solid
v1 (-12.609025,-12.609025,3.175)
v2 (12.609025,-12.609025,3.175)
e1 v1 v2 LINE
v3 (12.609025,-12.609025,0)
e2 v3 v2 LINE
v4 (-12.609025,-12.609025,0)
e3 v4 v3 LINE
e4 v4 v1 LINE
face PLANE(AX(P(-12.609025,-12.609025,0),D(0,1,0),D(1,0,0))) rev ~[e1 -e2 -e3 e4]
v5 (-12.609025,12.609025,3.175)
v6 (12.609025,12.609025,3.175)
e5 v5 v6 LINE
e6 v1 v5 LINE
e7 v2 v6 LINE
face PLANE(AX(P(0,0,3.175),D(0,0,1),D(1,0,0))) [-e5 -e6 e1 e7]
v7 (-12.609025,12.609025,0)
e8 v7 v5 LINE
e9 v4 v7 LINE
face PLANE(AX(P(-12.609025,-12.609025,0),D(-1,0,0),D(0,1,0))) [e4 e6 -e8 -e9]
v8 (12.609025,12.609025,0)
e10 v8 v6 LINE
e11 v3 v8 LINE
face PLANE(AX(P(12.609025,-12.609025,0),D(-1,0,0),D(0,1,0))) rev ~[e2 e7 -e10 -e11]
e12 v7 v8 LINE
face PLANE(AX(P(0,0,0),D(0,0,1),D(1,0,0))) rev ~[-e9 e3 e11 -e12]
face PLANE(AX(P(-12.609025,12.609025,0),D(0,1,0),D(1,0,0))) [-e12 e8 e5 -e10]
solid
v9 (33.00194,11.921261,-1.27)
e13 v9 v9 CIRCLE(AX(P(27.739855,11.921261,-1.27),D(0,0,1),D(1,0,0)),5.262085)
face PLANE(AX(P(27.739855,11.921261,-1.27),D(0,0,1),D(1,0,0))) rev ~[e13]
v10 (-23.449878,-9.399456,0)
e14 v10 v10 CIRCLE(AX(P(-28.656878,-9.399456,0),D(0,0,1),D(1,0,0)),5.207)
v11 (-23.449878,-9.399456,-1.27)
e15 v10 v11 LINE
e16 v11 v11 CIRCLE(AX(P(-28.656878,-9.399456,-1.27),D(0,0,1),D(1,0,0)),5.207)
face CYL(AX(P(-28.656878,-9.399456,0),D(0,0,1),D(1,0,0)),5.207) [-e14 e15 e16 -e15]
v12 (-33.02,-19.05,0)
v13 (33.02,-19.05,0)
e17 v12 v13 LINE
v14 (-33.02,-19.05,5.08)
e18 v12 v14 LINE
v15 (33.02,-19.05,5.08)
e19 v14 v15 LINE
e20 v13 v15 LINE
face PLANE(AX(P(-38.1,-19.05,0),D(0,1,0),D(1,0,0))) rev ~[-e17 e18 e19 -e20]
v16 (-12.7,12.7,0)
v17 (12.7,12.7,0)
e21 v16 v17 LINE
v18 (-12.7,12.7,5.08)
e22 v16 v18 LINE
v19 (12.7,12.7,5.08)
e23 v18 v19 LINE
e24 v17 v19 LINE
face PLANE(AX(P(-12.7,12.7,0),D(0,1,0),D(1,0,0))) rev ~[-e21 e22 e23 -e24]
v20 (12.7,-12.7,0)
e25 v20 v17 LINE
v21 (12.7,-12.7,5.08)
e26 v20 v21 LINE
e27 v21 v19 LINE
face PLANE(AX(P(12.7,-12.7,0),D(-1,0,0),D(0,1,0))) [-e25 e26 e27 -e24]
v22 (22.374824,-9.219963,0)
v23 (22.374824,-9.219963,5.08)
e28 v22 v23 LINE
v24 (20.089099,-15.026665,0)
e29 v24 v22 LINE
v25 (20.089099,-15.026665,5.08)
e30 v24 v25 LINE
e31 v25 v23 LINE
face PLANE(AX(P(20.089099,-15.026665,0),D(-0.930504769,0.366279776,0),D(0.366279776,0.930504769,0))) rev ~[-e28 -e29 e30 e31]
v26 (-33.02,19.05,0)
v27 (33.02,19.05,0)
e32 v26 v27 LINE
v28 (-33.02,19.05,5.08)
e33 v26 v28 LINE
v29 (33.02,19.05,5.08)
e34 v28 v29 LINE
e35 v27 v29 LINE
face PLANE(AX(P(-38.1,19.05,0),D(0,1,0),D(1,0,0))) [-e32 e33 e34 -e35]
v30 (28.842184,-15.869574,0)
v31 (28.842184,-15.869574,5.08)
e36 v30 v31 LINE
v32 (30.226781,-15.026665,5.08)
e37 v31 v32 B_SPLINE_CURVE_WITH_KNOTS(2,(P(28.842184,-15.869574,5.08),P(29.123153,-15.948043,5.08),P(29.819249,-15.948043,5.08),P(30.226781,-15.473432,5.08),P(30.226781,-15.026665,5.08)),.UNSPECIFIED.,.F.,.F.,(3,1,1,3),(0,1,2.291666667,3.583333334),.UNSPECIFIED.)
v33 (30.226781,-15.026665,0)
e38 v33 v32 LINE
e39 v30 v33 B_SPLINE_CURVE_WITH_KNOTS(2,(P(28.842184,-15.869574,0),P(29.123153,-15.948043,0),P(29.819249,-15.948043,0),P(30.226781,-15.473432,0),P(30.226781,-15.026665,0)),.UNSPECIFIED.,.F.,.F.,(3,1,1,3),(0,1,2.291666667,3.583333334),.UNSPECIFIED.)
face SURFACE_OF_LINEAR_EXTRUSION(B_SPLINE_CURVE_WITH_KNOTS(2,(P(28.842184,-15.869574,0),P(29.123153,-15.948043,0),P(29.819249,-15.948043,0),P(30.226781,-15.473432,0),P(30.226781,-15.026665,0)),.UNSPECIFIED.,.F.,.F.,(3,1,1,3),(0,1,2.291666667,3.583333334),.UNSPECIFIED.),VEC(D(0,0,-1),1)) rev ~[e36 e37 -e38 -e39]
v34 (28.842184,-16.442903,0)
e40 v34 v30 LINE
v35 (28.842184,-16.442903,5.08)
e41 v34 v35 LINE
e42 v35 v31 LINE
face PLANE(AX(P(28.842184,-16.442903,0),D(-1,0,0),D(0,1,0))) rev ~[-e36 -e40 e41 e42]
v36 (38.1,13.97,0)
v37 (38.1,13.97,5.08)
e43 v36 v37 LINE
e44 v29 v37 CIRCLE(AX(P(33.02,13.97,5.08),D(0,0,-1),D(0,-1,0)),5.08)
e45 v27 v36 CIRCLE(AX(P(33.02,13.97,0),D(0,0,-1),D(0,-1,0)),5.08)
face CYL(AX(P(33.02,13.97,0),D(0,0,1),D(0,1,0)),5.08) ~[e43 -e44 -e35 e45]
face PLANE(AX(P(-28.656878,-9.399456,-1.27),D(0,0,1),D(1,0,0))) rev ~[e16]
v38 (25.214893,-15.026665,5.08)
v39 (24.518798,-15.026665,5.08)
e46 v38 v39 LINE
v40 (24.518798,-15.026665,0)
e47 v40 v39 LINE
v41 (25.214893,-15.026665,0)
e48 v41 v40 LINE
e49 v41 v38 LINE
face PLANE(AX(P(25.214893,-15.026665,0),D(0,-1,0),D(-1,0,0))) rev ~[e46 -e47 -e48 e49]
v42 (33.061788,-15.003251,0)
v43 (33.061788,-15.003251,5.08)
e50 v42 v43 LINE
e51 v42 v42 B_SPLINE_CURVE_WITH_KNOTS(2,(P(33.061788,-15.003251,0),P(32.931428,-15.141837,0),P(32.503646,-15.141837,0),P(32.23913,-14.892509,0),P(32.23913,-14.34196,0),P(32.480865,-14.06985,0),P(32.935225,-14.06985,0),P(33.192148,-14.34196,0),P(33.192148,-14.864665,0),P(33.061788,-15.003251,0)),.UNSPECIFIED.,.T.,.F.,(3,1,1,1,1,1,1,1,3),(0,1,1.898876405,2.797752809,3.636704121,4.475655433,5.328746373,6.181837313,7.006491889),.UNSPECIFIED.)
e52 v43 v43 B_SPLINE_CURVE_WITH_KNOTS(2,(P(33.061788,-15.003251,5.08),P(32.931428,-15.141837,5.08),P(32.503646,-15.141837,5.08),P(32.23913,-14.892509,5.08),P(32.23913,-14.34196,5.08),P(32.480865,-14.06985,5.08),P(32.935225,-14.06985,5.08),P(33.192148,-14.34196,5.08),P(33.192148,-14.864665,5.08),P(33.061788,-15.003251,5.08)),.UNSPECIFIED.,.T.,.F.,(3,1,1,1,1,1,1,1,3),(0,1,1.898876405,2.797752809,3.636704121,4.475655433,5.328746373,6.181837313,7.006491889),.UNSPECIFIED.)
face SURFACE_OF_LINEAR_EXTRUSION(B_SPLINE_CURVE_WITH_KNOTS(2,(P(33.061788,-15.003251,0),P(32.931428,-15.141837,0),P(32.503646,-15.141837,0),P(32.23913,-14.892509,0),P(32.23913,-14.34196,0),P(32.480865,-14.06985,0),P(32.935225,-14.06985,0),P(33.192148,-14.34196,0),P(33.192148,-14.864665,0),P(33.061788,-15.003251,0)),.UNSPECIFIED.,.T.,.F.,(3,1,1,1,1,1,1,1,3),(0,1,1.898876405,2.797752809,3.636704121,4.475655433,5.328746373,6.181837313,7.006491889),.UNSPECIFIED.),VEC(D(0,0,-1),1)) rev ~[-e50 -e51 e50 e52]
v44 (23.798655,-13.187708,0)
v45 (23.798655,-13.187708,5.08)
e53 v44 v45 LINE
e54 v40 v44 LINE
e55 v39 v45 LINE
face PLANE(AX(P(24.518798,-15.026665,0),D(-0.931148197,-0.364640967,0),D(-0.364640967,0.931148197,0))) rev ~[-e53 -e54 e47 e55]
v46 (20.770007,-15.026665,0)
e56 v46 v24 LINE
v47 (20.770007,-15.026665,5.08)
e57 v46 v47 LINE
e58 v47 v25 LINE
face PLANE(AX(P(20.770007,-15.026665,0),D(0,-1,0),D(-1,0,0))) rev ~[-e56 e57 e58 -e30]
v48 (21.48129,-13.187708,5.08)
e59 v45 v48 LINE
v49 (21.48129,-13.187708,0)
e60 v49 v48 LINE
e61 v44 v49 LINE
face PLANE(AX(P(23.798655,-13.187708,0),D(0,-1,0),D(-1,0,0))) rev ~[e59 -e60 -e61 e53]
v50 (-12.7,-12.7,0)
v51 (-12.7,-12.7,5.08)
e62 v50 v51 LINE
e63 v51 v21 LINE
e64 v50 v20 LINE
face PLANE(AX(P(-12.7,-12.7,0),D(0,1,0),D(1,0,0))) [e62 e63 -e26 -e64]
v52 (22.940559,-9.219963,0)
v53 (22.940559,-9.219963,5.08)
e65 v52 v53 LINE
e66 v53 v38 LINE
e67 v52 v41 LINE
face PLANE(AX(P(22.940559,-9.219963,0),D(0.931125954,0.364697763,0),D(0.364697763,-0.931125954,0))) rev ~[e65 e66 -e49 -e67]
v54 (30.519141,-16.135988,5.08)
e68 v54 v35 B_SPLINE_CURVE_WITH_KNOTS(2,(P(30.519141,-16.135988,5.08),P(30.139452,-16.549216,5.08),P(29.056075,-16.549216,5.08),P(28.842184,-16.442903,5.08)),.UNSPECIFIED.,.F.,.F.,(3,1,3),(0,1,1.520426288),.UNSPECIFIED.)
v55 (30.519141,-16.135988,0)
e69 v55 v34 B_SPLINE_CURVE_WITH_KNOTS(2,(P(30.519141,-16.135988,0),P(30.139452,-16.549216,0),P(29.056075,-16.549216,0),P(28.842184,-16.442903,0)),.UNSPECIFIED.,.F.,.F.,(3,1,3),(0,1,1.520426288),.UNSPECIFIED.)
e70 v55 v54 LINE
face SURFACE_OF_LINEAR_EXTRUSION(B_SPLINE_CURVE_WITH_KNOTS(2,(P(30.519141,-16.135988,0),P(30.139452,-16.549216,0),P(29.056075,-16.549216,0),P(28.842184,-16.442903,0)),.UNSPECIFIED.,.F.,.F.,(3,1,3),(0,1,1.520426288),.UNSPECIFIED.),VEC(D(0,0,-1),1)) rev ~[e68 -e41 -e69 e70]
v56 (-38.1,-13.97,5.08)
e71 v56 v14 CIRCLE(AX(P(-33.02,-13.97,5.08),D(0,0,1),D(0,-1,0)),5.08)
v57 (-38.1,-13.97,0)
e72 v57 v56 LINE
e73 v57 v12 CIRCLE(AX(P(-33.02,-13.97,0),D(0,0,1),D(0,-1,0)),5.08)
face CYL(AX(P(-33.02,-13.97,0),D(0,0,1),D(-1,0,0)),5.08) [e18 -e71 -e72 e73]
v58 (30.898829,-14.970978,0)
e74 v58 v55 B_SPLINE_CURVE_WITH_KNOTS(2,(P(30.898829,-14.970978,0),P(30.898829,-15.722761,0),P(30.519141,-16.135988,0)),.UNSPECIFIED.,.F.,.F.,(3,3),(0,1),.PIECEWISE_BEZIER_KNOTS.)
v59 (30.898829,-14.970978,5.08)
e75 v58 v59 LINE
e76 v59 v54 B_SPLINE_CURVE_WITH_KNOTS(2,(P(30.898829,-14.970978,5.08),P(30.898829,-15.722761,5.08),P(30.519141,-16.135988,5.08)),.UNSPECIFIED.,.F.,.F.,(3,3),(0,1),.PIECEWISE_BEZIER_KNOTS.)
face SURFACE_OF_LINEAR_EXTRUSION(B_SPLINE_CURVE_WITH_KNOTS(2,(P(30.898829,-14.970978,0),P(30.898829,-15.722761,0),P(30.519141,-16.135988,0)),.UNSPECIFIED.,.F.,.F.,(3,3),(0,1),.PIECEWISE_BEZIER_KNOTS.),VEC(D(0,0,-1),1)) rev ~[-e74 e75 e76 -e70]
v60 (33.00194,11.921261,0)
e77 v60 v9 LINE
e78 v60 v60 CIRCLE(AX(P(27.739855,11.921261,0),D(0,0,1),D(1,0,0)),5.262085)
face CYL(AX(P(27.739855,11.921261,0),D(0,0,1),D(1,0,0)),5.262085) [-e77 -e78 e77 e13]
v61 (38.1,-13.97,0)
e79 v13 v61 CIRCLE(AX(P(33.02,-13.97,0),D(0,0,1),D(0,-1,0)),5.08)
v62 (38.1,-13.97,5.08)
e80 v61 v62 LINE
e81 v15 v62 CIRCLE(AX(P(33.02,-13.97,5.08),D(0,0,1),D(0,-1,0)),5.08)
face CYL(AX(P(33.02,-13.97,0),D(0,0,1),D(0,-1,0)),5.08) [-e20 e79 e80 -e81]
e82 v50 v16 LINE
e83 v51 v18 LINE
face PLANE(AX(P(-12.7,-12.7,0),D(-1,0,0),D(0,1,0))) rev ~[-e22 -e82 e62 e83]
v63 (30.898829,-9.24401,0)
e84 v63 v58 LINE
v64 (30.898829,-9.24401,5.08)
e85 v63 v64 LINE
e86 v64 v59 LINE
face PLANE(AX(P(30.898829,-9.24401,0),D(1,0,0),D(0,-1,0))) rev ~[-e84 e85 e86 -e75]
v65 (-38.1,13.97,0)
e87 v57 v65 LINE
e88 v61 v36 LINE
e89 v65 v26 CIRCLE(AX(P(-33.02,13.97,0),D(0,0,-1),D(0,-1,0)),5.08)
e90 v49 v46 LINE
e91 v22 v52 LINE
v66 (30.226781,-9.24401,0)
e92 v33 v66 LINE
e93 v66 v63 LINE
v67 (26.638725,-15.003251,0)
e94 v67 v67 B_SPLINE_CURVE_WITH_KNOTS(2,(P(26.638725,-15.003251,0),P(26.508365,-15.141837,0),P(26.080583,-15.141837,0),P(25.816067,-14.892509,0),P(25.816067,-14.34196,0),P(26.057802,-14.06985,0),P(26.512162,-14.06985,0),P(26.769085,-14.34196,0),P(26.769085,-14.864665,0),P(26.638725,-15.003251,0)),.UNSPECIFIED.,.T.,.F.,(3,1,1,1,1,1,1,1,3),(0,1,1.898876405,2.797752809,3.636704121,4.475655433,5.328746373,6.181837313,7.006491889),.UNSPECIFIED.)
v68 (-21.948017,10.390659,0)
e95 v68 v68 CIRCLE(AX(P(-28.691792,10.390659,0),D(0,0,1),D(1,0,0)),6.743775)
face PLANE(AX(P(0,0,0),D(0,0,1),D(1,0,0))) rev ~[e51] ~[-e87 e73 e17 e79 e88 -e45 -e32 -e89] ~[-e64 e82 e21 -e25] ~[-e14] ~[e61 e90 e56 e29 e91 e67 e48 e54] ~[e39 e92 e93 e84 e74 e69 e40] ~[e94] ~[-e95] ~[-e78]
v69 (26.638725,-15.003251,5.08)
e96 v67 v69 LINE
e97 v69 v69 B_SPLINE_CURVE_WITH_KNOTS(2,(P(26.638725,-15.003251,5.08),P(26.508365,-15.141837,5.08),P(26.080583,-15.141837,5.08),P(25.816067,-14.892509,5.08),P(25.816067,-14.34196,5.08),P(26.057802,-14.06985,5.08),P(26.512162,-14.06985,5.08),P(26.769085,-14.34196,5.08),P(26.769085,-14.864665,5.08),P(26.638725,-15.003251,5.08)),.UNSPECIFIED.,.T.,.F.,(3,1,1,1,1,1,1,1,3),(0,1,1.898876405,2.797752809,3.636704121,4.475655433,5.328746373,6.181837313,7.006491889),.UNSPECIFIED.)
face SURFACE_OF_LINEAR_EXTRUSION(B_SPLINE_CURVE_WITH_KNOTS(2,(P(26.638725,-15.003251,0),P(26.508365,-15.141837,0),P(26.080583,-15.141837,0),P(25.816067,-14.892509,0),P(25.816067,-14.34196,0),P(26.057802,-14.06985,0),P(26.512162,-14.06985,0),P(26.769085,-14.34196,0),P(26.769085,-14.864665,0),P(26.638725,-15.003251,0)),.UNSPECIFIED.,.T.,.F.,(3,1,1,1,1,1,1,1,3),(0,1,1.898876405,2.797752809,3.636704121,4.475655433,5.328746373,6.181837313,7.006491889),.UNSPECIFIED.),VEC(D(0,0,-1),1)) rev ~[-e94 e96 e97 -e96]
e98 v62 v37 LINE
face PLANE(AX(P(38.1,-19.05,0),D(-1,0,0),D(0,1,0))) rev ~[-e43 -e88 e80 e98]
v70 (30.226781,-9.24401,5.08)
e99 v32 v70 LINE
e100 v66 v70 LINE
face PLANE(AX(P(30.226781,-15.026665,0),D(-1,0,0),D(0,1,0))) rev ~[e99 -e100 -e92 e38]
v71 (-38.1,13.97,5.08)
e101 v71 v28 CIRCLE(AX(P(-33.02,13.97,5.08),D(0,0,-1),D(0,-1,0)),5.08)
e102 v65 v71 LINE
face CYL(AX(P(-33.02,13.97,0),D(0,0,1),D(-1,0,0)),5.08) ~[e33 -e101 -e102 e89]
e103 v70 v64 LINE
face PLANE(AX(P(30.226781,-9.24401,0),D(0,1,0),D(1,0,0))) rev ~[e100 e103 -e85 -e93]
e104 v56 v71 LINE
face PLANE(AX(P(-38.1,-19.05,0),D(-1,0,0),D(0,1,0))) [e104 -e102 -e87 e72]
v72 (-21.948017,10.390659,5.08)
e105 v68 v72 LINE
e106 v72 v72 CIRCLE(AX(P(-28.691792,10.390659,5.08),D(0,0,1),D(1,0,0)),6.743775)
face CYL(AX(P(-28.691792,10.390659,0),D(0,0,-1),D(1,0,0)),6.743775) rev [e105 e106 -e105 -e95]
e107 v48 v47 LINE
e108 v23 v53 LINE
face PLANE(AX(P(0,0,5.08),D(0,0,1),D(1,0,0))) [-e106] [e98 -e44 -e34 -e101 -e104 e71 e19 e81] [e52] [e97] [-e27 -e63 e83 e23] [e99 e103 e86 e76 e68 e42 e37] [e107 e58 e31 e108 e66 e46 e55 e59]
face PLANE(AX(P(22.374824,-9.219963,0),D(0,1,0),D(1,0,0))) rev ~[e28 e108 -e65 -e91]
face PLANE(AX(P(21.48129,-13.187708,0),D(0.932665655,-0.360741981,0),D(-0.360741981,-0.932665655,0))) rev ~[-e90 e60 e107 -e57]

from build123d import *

# Parameters (mm, degrees)
F0_W      = 76.2
F0_H      = 38.1
F0_R      = 6.7437751626
F0_W_2    = 25.4
F0_H_2    = 25.4
F1_DEPTH  = 5.08
F2_W      = 23.8145831972
F2_H      = 23.7880713142
F3_DEPTH  = 6.35
F5_W      = 25.2180509269
F5_H      = 25.2180509269
F6_DEPTH  = 3.175
F7_R      = 5.2620849858
F8_DEPTH  = 1.27
F9_R      = 5.207
F10_DEPTH = 1.27
F11_R     = 5.08


with BuildPart() as f1:
    # F0 (on Top) → F1 (new body)
    with BuildSketch(Plane.XY):
        Rectangle(F0_W, F0_H)
        with BuildLine():
            add(Edge.make_bspline(
                [(25.9483247947, -15.0171730814), (25.816066651, -14.8925087067), (25.816066651, -14.6077423686)],
                knots=[0, 0, 0, 1, 1, 1], degree=2))
            add(Edge.make_bspline(
                [(25.816066651, -14.6077423686), (25.816066651, -14.3419604529), (25.9369341412, -14.2059054247)],
                knots=[0, 0, 0, 1, 1, 1], degree=2))
            add(Edge.make_bspline(
                [(25.9369341412, -14.2059054247), (26.0578016314, -14.0698503965), (26.2830834456, -14.0698503965)],
                knots=[0, 0, 0, 1, 1, 1], degree=2))
            add(Edge.make_bspline(
                [(26.2830834456, -14.0698503965), (26.5121621443, -14.0698503965), (26.6406234035, -14.2059054247)],
                knots=[0, 0, 0, 1, 1, 1], degree=2))
            add(Edge.make_bspline(
                [(26.6406234035, -14.2059054247), (26.7690846627, -14.3419604529), (26.7690846627, -14.6077423686)],
                knots=[0, 0, 0, 1, 1, 1], degree=2))
            add(Edge.make_bspline(
                [(26.7690846627, -14.6077423686), (26.7690846627, -14.864664887), (26.6387249612, -15.0032511715)],
                knots=[0, 0, 0, 1, 1, 1], degree=2))
            add(Edge.make_bspline(
                [(26.6387249612, -15.0032511715), (26.5083652598, -15.1418374561), (26.2830834456, -15.1418374561)],
                knots=[0, 0, 0, 1, 1, 1], degree=2))
            add(Edge.make_bspline(
                [(26.2830834456, -15.1418374561), (26.0805829384, -15.1418374561), (25.9483247947, -15.0171730814)],
                knots=[0, 0, 0, 1, 1, 1], degree=2))
        make_face(mode=Mode.SUBTRACT)
        with BuildLine():
            add(Edge.make_bspline(
                [(32.3713877553, -15.0171730814), (32.2391296116, -14.8925087067), (32.2391296116, -14.6077423686)],
                knots=[0, 0, 0, 1, 1, 1], degree=2))
            add(Edge.make_bspline(
                [(32.2391296116, -14.6077423686), (32.2391296116, -14.3419604529), (32.3599971018, -14.2059054247)],
                knots=[0, 0, 0, 1, 1, 1], degree=2))
            add(Edge.make_bspline(
                [(32.3599971018, -14.2059054247), (32.480864592, -14.0698503965), (32.7061464062, -14.0698503965)],
                knots=[0, 0, 0, 1, 1, 1], degree=2))
            add(Edge.make_bspline(
                [(32.7061464062, -14.0698503965), (32.9352251049, -14.0698503965), (33.0636863641, -14.2059054247)],
                knots=[0, 0, 0, 1, 1, 1], degree=2))
            add(Edge.make_bspline(
                [(33.0636863641, -14.2059054247), (33.1921476233, -14.3419604529), (33.1921476233, -14.6077423686)],
                knots=[0, 0, 0, 1, 1, 1], degree=2))
            add(Edge.make_bspline(
                [(33.1921476233, -14.6077423686), (33.1921476233, -14.864664887), (33.0617879218, -15.0032511715)],
                knots=[0, 0, 0, 1, 1, 1], degree=2))
            add(Edge.make_bspline(
                [(33.0617879218, -15.0032511715), (32.9314282204, -15.1418374561), (32.7061464062, -15.1418374561)],
                knots=[0, 0, 0, 1, 1, 1], degree=2))
            add(Edge.make_bspline(
                [(32.7061464062, -15.1418374561), (32.503645899, -15.1418374561), (32.3713877553, -15.0171730814)],
                knots=[0, 0, 0, 1, 1, 1], degree=2))
        make_face(mode=Mode.SUBTRACT)
        Polygon((25.2148932705, -15.0266652927), (24.5187977772, -15.0266652927), (23.7986553487, -13.1877075623), (21.4812901702, -13.1877075623), (20.7700071389, -15.0266652927), (20.0890991837, -15.0266652927), (22.3748236579, -9.2199632507), (22.9405594497, -9.2199632507), align=None, mode=Mode.SUBTRACT)
        with BuildLine():
            add(Edge.make_bspline(
                [(30.5191409291, -16.1359883833), (30.1394524783, -16.5492159807), (29.4269038188, -16.5492159807)],
                knots=[0, 0, 0, 1, 1, 1], degree=2))
            add(Edge.make_bspline(
                [(29.4269038188, -16.5492159807), (29.0560747651, -16.5492159807), (28.8421836045, -16.4429032144)],
                knots=[0, 0, 0, 1, 1, 1], degree=2))
            Line((28.8421836045, -16.4429032144), (28.8421836045, -15.8695736536))
            add(Edge.make_bspline(
                [(28.8421836045, -15.8695736536), (29.1231530581, -15.9480426001), (29.4269038188, -15.9480426001)],
                knots=[0, 0, 0, 1, 1, 1], degree=2))
            add(Edge.make_bspline(
                [(29.4269038188, -15.9480426001), (29.8192485514, -15.9480426001), (30.0230146867, -15.7107373183)],
                knots=[0, 0, 0, 1, 1, 1], degree=2))
            add(Edge.make_bspline(
                [(30.0230146867, -15.7107373183), (30.226780822, -15.4734320365), (30.226780822, -15.0266652927)],
                knots=[0, 0, 0, 1, 1, 1], degree=2))
            Line((30.226780822, -15.0266652927), (30.226780822, -9.2440101859))
            Line((30.226780822, -9.2440101859), (30.89882938, -9.2440101859))
            Line((30.89882938, -9.2440101859), (30.89882938, -14.9709776532))
            add(Edge.make_bspline(
                [(30.89882938, -14.9709776532), (30.89882938, -15.7227607859), (30.5191409291, -16.1359883833)],
                knots=[0, 0, 0, 1, 1, 1], degree=2))
        make_face(mode=Mode.SUBTRACT)
        with Locations((-28.6917921776, 10.3906594306)):
            Circle(F0_R, mode=Mode.SUBTRACT)
        Rectangle(F0_W_2, F0_H_2, mode=Mode.SUBTRACT)
    extrude(amount=F1_DEPTH)

    # F7 (on Top) → F8 (join)
    with BuildSketch(Plane.XY):
        with Locations((27.7398545295, 11.9212605059)):
            Circle(F7_R)
    extrude(amount=-F8_DEPTH)

    # F9 (on Top) → F10 (join)
    with BuildSketch(Plane.XY):
        with Locations((-28.6568775773, -9.399455972)):
            Circle(F9_R)
    extrude(amount=-F10_DEPTH)

    # F11
    f11_edges = [f1.edges().sort_by_distance(p)[0] for p in [
        (38.1, 19.05, 2.54),
        (38.1, -19.05, 2.54),
        (-38.1, -19.05, 2.54),
        (-38.1, 19.05, 2.54),
    ]]
    fillet(f11_edges, radius=F11_R)


with BuildPart() as f3:
    # F2 (on Top) → F3 (new body)
    with BuildSketch(Plane.XY):
        Rectangle(F2_W, F2_H)
    extrude(amount=F3_DEPTH)


with BuildPart() as f6:
    # F5 (on Top) → F6 (new body)
    with BuildSketch(Plane.XY):
        Rectangle(F5_W, F5_H)
    extrude(amount=F6_DEPTH)


solid = Compound([f1.part, f6.part])
